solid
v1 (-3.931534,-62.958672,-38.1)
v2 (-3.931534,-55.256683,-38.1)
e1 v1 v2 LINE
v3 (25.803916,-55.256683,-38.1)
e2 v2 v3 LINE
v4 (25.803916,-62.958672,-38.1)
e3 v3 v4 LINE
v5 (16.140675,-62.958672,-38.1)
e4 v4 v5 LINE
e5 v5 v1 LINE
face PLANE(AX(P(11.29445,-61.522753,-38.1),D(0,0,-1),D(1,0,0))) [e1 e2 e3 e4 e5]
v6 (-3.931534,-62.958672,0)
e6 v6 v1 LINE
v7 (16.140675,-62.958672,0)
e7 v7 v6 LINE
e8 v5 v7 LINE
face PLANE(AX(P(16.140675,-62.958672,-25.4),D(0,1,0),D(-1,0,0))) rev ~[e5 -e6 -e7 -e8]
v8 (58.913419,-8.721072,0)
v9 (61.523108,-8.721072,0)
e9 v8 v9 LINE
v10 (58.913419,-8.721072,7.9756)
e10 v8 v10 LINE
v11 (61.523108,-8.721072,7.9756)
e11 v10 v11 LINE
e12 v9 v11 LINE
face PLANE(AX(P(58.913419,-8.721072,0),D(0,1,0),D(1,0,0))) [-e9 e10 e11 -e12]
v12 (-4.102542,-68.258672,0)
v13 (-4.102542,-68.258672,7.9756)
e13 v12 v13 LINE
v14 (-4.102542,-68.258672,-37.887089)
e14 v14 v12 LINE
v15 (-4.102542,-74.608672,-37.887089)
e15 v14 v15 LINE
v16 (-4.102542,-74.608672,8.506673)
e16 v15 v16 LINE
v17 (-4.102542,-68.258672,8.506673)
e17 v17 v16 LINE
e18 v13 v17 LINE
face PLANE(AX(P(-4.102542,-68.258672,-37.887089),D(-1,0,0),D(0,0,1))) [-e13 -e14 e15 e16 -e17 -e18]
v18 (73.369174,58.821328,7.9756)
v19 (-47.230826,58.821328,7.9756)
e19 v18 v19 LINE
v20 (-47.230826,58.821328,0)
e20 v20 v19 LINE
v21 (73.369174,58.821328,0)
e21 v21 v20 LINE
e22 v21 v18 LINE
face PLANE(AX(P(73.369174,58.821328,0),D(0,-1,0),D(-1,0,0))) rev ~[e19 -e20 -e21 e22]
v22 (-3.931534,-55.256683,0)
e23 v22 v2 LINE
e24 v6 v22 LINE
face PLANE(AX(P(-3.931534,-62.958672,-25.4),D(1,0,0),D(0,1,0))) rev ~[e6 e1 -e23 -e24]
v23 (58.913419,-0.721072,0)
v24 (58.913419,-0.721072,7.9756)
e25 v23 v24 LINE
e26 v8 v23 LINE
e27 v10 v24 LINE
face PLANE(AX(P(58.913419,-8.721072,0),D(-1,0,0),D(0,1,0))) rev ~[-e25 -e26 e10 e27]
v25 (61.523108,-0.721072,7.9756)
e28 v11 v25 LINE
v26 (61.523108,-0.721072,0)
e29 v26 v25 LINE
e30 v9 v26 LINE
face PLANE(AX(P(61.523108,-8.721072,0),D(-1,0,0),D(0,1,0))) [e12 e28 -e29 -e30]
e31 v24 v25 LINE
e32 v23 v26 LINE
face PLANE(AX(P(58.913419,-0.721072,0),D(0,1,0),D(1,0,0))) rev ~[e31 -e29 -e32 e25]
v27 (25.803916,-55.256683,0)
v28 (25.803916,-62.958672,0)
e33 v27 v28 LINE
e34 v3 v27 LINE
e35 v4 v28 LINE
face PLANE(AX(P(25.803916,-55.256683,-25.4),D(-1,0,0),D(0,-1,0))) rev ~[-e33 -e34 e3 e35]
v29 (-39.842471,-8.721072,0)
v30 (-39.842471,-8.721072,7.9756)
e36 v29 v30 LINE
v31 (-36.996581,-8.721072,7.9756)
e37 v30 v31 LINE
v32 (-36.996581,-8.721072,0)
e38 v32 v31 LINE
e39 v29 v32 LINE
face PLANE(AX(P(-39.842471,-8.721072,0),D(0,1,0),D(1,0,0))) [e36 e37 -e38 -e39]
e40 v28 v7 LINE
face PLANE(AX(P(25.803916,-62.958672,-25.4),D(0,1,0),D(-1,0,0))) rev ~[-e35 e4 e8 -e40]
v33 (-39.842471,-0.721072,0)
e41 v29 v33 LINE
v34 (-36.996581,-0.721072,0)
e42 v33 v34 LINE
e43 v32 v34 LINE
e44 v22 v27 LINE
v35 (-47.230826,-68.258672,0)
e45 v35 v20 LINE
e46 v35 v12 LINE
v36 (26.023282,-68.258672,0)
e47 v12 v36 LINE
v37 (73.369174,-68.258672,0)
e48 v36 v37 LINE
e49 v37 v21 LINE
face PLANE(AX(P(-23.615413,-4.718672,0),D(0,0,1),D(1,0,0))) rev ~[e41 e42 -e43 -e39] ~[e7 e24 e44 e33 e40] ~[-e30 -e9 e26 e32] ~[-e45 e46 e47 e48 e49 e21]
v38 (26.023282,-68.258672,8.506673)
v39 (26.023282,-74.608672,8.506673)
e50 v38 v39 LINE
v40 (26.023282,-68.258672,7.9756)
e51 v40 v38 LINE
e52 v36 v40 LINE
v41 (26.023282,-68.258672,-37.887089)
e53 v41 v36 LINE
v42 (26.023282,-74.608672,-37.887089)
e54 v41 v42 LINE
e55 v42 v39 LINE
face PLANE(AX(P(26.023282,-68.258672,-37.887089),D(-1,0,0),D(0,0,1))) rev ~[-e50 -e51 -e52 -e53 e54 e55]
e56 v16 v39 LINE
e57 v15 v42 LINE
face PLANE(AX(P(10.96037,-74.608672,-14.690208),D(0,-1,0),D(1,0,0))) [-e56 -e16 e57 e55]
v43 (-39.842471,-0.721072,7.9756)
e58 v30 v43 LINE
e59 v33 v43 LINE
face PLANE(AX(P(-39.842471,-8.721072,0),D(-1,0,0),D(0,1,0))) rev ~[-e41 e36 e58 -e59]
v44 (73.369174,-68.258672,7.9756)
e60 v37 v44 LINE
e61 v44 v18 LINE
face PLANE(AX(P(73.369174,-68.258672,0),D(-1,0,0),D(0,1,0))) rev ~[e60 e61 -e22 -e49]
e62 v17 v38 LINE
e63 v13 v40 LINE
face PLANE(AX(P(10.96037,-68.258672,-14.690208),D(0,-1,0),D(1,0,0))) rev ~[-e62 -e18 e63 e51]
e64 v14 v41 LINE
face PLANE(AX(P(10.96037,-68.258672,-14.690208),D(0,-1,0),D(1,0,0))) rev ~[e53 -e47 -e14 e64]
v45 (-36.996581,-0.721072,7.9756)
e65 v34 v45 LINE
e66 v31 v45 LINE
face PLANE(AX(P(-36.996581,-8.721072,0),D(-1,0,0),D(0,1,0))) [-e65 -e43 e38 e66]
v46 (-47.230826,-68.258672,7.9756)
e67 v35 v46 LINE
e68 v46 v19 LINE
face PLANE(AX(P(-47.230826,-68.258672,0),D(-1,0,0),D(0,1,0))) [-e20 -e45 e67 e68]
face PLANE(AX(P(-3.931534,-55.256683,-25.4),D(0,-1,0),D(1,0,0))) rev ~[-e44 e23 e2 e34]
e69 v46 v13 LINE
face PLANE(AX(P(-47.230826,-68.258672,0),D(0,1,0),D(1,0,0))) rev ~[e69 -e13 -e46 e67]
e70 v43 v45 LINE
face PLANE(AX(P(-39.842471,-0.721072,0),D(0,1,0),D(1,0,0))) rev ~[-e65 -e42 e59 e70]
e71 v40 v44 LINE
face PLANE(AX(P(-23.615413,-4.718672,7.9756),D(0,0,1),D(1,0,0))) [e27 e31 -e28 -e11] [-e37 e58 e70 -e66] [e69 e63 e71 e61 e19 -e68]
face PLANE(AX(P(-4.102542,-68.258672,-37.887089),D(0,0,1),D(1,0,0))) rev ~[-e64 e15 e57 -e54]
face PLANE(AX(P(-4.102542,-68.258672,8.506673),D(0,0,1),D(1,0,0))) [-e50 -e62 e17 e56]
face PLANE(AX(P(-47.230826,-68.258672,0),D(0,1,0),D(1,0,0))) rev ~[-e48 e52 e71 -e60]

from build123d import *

# Parameters (mm, degrees)
F0_W     = 47.2308259338
F0_H     = 127.08
F0_W_2   = 2.84589082
F0_H_2   = 8
F0_W_3   = 73.3691740662
F0_W_4   = 2.6096887887
F1_DEPTH = 7.9756
F3_W     = 30.1258238032
F3_H     = 46.3937623426
F4_DEPTH = 6.35
F6_W     = 9.6924505796
F6_H     = 2.8718380383
F7_DEPTH = 25.4
F8_DEPTH = 12.7


with BuildPart() as f1:
    # F0 (on Top) → F1 (new body)
    with BuildSketch(Plane.XY):
        with Locations((-23.6154129669, -4.7186717279)):
            Rectangle(F0_W, F0_H)
        with Locations((-38.4195260704, -4.7210717279)):
            Rectangle(F0_W_2, F0_H_2, mode=Mode.SUBTRACT)
        with Locations((36.6845870331, -4.7186717279)):
            Rectangle(F0_W_3, F0_H)
        with Locations((60.218263734, -4.7210717279)):
            Rectangle(F0_W_4, F0_H_2, mode=Mode.SUBTRACT)
    extrude(amount=F1_DEPTH)

    # F3 (on offset) → F4 (join)
    with BuildSketch(Plane.XZ.offset(68.2586717279)):
        with Locations((10.9603698365, -14.6902077831)):
            Rectangle(F3_W, F3_H)
    extrude(amount=F4_DEPTH)

    # F6 (on offset) → F7 (join)
    with BuildSketch(Plane(origin=(0, 0, 0), x_dir=(1, 0, 0), z_dir=(0, 0, -1))):
        with Locations((11.2944499124, 61.5227527088)):
            Rectangle(F6_W, F6_H)
        Polygon((6.4482246226, 60.0868336896), (6.4482246226, 62.9586717279), (-3.9315340109, 62.9586717279), (-3.9315340109, 55.2566833794), (25.8039161563, 55.2566833794), (25.8039161563, 62.9586717279), (16.1406752022, 62.9586717279), (16.1406752022, 60.0868336896), align=None)
    extrude(amount=F7_DEPTH)

    # F8 (add): a face of the model
    f8_faces = [f1.faces().sort_by_distance(p)[0] for p in [
        (10.9361910727, -59.1076775537, -25.4),
    ]]
    extrude(f8_faces, amount=F8_DEPTH)


solid = f1.part
